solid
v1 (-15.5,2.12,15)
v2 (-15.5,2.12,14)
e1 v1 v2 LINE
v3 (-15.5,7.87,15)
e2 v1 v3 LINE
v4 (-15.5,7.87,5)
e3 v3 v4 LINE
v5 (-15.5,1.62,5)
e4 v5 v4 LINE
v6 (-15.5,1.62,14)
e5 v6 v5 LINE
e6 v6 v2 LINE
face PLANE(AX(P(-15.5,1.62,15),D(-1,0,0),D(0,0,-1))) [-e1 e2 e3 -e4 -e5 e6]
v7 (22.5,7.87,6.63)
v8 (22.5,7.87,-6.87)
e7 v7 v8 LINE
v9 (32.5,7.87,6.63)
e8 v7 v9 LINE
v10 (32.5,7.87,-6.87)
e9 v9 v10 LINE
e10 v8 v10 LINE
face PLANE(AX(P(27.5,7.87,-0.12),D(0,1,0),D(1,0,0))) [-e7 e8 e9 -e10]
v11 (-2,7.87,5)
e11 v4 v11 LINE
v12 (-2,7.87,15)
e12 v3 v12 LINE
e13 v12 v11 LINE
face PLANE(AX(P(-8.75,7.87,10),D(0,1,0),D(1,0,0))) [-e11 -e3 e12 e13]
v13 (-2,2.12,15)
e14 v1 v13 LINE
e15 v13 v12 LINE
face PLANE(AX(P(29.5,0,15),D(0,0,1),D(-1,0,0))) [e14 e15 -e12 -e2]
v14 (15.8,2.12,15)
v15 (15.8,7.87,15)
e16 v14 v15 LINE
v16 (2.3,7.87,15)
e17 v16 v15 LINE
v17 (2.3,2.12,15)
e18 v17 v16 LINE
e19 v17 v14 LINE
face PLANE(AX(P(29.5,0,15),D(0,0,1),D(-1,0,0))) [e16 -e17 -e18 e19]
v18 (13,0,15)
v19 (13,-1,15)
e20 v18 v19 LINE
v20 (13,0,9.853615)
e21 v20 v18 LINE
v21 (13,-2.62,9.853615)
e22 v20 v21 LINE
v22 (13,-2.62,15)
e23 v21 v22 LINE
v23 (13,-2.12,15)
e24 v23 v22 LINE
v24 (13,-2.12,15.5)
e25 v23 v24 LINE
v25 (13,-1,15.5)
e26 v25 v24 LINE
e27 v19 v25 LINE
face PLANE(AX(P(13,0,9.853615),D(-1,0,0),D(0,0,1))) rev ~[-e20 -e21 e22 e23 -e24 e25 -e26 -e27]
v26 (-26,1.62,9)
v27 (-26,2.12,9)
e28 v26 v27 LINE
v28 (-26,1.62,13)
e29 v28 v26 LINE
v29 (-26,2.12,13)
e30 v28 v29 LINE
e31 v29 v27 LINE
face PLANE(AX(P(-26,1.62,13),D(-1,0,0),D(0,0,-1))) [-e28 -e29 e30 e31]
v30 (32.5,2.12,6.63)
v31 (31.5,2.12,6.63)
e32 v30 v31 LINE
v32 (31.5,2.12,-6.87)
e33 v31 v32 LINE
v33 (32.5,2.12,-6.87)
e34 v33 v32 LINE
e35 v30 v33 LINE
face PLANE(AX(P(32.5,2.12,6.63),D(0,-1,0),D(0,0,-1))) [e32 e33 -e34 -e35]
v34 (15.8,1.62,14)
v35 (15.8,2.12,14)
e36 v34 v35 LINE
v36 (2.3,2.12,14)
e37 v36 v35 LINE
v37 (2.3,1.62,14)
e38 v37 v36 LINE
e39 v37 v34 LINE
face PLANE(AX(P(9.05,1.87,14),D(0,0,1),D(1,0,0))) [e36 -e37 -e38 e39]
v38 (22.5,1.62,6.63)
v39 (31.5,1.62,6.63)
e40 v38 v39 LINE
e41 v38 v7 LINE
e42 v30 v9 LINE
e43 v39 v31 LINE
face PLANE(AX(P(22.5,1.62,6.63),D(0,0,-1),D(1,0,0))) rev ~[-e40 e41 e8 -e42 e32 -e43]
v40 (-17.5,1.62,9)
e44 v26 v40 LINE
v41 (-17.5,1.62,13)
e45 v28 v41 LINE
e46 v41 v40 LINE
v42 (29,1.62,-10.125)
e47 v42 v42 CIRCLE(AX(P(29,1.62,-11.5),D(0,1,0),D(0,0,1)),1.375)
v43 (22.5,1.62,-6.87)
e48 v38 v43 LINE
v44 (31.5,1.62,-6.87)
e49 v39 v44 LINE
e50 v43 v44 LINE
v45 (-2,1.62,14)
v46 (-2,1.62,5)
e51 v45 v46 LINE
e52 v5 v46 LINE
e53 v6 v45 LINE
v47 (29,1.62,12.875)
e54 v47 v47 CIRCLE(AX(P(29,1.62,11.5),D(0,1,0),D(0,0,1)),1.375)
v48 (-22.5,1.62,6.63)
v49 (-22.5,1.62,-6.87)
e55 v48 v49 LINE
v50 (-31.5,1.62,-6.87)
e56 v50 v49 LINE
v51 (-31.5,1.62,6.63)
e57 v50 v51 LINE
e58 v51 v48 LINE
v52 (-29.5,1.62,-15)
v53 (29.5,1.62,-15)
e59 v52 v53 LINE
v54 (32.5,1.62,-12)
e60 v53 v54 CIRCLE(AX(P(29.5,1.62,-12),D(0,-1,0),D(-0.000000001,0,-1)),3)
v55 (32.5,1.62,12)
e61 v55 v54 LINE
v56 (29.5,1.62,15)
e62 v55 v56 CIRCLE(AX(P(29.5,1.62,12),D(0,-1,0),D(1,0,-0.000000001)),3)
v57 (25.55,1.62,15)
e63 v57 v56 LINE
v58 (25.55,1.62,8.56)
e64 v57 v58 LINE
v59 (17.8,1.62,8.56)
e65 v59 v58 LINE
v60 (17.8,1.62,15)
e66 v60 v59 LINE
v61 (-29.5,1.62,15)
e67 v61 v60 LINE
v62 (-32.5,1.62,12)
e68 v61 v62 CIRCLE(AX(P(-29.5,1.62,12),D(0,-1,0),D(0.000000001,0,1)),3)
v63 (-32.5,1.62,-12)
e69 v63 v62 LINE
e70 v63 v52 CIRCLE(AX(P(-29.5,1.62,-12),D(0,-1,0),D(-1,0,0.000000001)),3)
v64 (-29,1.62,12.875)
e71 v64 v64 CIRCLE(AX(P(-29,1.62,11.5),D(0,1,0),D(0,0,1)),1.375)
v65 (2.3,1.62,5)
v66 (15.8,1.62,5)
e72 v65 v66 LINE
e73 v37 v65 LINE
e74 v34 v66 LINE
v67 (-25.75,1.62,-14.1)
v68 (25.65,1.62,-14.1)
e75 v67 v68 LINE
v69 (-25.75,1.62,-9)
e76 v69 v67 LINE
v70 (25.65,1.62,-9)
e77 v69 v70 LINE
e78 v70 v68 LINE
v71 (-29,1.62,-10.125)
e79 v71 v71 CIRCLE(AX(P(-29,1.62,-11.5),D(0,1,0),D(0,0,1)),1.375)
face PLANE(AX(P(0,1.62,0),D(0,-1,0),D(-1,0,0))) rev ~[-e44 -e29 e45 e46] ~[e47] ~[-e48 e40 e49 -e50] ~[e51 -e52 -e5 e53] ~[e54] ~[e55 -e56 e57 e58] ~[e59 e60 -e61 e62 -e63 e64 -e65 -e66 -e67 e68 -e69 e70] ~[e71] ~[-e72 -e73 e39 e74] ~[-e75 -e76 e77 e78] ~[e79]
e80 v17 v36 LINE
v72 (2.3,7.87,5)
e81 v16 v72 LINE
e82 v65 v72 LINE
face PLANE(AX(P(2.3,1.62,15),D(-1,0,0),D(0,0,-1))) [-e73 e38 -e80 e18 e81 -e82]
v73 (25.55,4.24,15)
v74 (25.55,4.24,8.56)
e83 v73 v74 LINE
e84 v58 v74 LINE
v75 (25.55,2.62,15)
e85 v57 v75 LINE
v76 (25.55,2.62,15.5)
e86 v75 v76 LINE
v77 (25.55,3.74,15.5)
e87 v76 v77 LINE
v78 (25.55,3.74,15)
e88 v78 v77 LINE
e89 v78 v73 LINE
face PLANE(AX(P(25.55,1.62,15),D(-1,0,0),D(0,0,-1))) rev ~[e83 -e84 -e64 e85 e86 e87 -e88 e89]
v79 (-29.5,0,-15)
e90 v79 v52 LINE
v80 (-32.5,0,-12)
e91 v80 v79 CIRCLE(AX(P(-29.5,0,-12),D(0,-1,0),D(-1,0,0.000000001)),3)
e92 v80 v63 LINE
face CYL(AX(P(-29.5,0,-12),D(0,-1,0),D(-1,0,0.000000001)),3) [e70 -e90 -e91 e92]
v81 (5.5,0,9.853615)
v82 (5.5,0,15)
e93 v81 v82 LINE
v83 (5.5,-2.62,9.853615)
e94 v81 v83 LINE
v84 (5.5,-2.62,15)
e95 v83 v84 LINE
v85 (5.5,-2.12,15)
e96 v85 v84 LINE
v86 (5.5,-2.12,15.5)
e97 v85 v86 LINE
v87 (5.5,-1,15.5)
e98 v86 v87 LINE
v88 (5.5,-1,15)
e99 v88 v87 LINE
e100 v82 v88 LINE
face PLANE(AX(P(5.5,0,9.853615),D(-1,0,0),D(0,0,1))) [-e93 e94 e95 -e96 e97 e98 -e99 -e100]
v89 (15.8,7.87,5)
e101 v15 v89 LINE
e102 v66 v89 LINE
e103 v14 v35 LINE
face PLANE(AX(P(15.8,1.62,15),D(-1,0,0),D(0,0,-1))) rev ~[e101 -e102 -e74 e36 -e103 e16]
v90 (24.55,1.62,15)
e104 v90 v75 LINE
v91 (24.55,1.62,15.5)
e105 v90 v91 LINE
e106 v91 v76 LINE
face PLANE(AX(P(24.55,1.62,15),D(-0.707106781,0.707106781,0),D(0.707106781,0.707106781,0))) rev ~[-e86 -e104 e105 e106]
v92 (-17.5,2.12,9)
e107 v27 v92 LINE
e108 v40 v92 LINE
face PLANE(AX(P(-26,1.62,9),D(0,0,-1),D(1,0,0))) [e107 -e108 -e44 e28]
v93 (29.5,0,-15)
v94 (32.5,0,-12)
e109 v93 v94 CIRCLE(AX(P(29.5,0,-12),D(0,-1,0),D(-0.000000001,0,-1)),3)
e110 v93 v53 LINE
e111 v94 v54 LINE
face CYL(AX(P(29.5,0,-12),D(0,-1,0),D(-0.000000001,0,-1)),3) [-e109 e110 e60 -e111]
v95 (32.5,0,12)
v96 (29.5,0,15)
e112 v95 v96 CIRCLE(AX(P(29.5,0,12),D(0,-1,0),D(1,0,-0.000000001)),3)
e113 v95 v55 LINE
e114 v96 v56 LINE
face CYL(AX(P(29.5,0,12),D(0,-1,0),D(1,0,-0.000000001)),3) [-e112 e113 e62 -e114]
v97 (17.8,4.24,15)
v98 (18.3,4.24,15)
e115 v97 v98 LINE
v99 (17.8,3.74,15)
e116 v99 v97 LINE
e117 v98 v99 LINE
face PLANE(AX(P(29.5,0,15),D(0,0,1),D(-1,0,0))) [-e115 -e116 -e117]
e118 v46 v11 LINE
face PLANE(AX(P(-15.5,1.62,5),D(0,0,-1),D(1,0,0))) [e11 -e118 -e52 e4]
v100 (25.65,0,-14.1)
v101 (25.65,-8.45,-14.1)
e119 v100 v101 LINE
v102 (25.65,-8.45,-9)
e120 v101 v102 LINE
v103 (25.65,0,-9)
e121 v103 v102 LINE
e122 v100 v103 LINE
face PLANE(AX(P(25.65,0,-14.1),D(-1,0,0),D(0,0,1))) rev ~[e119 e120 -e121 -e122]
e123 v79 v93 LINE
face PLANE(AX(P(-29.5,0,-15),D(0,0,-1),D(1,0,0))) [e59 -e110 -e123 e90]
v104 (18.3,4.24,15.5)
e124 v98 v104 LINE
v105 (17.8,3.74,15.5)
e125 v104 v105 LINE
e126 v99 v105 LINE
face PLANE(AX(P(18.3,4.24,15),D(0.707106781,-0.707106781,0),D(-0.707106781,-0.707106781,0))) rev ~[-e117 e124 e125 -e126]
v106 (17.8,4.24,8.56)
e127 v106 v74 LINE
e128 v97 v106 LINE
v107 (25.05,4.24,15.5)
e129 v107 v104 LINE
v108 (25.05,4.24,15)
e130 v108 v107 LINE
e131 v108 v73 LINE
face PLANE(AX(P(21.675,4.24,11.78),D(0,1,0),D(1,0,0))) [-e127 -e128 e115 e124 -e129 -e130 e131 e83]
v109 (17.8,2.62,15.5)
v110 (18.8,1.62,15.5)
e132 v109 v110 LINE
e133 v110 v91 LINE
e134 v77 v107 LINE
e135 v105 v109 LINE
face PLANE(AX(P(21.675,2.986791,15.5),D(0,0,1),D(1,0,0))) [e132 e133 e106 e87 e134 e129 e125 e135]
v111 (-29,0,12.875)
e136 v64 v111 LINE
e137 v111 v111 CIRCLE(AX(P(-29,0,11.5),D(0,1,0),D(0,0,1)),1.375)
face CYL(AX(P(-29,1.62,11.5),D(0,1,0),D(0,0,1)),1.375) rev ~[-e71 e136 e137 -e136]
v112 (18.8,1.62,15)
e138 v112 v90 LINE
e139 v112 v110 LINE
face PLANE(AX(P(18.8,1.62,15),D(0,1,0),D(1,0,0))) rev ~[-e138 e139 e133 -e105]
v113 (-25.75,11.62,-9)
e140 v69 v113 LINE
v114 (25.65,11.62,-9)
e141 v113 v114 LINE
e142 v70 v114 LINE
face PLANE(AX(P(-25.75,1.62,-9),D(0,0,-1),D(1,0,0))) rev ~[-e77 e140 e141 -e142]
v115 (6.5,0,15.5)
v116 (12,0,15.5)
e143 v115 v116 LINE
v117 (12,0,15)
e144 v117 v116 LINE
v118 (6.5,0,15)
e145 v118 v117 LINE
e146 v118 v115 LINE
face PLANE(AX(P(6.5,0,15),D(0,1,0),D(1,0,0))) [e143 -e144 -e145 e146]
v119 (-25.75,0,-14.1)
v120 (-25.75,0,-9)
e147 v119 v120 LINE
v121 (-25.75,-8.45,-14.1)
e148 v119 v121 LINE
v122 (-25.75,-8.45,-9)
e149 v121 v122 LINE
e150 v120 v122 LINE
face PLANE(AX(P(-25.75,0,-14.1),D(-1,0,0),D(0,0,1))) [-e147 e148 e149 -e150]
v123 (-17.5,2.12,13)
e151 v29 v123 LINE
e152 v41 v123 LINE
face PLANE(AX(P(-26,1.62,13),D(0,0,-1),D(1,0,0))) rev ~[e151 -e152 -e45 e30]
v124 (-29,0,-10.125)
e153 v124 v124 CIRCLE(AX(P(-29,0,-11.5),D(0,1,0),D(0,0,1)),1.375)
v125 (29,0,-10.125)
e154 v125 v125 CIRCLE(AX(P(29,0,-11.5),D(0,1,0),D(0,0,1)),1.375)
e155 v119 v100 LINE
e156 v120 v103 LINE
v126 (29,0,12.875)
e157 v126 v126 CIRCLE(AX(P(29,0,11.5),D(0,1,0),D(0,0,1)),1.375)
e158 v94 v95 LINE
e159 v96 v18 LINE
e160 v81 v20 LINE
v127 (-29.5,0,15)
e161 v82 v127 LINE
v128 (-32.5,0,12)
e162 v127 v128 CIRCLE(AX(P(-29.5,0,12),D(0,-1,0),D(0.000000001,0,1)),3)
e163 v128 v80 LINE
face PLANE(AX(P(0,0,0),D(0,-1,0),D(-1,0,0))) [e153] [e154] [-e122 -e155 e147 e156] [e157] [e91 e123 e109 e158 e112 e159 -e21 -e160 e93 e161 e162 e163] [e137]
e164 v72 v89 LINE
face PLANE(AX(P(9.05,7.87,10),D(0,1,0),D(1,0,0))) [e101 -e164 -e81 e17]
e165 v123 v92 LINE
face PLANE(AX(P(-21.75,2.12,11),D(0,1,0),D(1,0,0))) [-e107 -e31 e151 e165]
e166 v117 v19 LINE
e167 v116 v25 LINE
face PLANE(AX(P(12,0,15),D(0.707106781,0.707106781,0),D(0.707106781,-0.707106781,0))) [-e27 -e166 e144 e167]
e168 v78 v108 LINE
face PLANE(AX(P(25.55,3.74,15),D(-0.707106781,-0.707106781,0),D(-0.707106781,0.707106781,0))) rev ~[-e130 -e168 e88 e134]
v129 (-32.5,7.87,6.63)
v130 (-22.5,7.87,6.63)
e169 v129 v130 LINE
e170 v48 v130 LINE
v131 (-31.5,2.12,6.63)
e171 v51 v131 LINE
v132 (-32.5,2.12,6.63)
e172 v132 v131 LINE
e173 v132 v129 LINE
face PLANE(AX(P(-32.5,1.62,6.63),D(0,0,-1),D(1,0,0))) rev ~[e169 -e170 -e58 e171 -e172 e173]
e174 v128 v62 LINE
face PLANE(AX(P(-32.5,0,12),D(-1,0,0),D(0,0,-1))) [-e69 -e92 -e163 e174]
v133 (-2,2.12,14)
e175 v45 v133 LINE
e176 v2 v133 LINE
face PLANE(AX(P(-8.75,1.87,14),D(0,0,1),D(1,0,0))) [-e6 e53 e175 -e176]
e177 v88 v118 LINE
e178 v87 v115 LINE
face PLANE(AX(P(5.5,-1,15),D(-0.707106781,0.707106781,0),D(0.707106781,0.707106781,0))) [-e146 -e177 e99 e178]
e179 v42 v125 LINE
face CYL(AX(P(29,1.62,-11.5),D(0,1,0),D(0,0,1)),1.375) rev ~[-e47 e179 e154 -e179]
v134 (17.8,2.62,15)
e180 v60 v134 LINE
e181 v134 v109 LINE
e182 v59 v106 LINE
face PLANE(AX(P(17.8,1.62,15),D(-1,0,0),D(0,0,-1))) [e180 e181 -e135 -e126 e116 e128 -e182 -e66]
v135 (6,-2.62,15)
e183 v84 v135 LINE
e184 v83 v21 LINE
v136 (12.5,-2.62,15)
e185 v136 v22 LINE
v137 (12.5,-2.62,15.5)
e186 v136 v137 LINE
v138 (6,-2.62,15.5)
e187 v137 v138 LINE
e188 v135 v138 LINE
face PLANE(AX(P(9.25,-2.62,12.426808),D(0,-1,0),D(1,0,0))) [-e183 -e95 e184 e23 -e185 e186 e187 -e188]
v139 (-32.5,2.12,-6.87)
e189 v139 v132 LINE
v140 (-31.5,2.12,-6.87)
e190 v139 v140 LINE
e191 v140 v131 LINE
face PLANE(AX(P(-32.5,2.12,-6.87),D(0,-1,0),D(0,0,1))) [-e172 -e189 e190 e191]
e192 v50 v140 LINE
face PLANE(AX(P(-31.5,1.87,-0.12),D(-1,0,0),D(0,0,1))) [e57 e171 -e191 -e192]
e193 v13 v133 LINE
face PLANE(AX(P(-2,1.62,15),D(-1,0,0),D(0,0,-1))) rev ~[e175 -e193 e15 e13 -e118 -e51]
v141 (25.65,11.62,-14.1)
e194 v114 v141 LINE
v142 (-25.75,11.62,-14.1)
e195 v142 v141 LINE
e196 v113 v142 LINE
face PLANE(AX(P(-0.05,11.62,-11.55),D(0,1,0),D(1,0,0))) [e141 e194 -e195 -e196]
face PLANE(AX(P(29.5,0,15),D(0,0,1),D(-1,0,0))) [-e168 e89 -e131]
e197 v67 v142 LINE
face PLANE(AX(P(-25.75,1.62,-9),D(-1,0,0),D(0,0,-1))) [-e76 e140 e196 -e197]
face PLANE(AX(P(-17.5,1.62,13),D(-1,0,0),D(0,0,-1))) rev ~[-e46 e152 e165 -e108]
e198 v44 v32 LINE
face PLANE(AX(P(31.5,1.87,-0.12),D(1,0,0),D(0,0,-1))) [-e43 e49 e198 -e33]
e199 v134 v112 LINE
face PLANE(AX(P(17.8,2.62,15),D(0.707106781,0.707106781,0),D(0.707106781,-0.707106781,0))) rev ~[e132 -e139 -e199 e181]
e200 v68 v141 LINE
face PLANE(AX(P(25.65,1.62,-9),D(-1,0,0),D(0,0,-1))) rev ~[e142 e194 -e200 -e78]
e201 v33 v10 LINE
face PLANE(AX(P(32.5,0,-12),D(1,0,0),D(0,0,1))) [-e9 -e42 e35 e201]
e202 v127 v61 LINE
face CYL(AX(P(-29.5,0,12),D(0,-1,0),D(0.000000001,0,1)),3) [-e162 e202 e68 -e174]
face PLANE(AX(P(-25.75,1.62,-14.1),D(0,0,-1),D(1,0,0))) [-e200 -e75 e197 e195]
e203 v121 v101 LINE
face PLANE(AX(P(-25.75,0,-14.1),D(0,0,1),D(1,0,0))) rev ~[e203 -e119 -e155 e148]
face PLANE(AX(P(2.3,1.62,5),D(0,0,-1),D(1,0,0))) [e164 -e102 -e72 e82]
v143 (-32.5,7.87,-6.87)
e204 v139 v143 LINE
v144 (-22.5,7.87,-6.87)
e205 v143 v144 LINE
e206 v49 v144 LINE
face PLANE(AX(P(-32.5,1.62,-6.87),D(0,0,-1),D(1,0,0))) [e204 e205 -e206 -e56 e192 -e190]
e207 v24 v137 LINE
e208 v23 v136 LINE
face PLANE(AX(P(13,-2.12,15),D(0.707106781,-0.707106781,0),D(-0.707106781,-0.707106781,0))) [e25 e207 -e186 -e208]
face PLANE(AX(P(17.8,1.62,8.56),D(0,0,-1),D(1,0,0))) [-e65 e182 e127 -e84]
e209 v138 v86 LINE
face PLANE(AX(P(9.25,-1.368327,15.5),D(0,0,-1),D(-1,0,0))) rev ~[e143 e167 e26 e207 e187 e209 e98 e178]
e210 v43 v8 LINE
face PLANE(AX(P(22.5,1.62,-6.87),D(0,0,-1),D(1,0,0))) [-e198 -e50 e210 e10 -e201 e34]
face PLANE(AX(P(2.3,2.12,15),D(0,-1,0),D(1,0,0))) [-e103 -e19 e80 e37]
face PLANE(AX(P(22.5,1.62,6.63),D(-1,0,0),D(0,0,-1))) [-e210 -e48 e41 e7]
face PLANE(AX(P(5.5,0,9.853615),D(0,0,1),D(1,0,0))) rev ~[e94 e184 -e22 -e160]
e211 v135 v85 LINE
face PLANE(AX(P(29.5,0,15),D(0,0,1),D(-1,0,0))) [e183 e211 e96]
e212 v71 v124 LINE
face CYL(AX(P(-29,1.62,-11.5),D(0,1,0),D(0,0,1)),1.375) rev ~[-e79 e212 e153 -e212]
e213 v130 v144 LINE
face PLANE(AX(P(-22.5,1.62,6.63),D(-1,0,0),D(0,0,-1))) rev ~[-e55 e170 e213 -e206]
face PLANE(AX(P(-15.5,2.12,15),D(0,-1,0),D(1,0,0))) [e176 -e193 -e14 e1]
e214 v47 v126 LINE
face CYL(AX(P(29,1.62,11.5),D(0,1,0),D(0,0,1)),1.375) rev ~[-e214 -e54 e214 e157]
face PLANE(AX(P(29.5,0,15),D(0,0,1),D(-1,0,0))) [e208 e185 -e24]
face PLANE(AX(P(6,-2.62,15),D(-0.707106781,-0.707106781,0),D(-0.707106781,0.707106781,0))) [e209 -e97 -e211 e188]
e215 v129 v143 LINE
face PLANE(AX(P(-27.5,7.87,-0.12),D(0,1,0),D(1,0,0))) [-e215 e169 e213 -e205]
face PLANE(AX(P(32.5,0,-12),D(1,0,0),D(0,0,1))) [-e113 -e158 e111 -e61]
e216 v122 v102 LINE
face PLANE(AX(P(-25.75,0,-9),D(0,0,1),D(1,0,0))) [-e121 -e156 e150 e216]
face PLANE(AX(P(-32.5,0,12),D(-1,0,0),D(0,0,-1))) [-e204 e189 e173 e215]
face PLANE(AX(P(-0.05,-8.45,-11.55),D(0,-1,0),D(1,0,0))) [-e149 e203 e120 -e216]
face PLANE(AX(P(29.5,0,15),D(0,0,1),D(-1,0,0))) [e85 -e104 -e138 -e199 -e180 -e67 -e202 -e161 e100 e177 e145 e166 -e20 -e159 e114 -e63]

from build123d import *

# Parameters (mm, degrees)
EXTRUDE_1_DEPTH     = 1.62
CUT_EXTRUDE_1_REACH = 3.62
SKETCH_2_R          = 1.375
SKETCH_11_W         = 51.4
SKETCH_11_H         = 5.1
EXTRUDE_9_DEPTH     = 8.45
SKETCH_12_W         = 51.4
SKETCH_12_H         = 5.1
EXTRUDE_10_DEPTH    = 10
SKETCH_13_W         = 10
SKETCH_13_H         = 13.5
SKETCH_13_W_2       = 13.5
SKETCH_13_H_2       = 10
EXTRUDE_12_DEPTH    = 6.25
SKETCH_14_W         = 13.5
SKETCH_14_H         = 0.5
CUT_EXTRUDE_2_DEPTH = 1
SKETCH_15_W         = 13.5
SKETCH_15_H         = 0.5
CUT_EXTRUDE_3_DEPTH = 1
SKETCH_16_W         = 13.5
SKETCH_16_H         = 0.5
CUT_EXTRUDE_4_DEPTH = 1
SKETCH_17_W         = 7.75
SKETCH_17_H         = 6.44
EXTRUDE_13_DEPTH    = 2.62
EXTRUDE_14_DEPTH    = 0.5
SKETCH_19_W         = 8.5
SKETCH_19_H         = 4
EXTRUDE_15_DEPTH    = 0.5
SKETCH_20_W         = 7.5
SKETCH_20_H         = 5.146384945
EXTRUDE_16_DEPTH    = 2.62
EXTRUDE_17_DEPTH    = 0.5


with BuildPart() as part:
    # 草图1 → 凸台-拉伸1 (new body)
    with BuildSketch(Plane(origin=(0, 0, 0), x_dir=(1, 0, 0), z_dir=(0, 1, 0))):
        with BuildLine():
            Line((-29.5, 15), (29.5, 15))
            ThreePointArc((29.5, 15), (31.621320344, 14.121320344), (32.5, 12))
            Line((32.5, 12), (32.5, -12))
            ThreePointArc((32.5, -12), (31.621320344, -14.121320344), (29.5, -15))
            Line((29.5, -15), (-29.5, -15))
            ThreePointArc((-29.5, -15), (-31.621320344, -14.121320344), (-32.5, -12))
            Line((-32.5, -12), (-32.5, 12))
            ThreePointArc((-32.5, 12), (-31.621320344, 14.121320344), (-29.5, 15))
        make_face()
    extrude(amount=EXTRUDE_1_DEPTH)

    # 草图2 → 切除-拉伸1 (cut, up to next)
    with BuildSketch(Plane(origin=(0, 1.62, 0), x_dir=(1, 0, 0), z_dir=(0, 1, 0)), mode=Mode.PRIVATE) as cut_extrude_1_sk1:
        with Locations(Location((29, -11.5, 0), (0, 0, 270))):  # turned: the seam where the file's is
            Circle(SKETCH_2_R)
    cut_extrude_1_tool1 = extrude(cut_extrude_1_sk1.sketch, amount=-CUT_EXTRUDE_1_REACH, mode=Mode.PRIVATE) & part.part
    add(cut_extrude_1_tool1.solids().sort_by_distance((29, 1.62, 11.5))[0], mode=Mode.SUBTRACT)
    # 草图2 → 切除-拉伸1 (cut, up to next)
    with BuildSketch(Plane(origin=(0, 1.62, 0), x_dir=(1, 0, 0), z_dir=(0, 1, 0)), mode=Mode.PRIVATE) as cut_extrude_1_sk2:
        with Locations(Location((29, 11.5, 0), (0, 0, 270))):  # turned: the seam where the file's is
            Circle(SKETCH_2_R)
    cut_extrude_1_tool2 = extrude(cut_extrude_1_sk2.sketch, amount=-CUT_EXTRUDE_1_REACH, mode=Mode.PRIVATE) & part.part
    add(cut_extrude_1_tool2.solids().sort_by_distance((29, 1.62, -11.5))[0], mode=Mode.SUBTRACT)
    # 草图2 → 切除-拉伸1 (cut, up to next)
    with BuildSketch(Plane(origin=(0, 1.62, 0), x_dir=(1, 0, 0), z_dir=(0, 1, 0)), mode=Mode.PRIVATE) as cut_extrude_1_sk3:
        with Locations(Location((-29, -11.5, 0), (0, 0, 270))):  # turned: the seam where the file's is
            Circle(SKETCH_2_R)
    cut_extrude_1_tool3 = extrude(cut_extrude_1_sk3.sketch, amount=-CUT_EXTRUDE_1_REACH, mode=Mode.PRIVATE) & part.part
    add(cut_extrude_1_tool3.solids().sort_by_distance((-29, 1.62, 11.5))[0], mode=Mode.SUBTRACT)
    # 草图2 → 切除-拉伸1 (cut, up to next)
    with BuildSketch(Plane(origin=(0, 1.62, 0), x_dir=(1, 0, 0), z_dir=(0, 1, 0)), mode=Mode.PRIVATE) as cut_extrude_1_sk4:
        with Locations(Location((-29, 11.5, 0), (0, 0, 270))):  # turned: the seam where the file's is
            Circle(SKETCH_2_R)
    cut_extrude_1_tool4 = extrude(cut_extrude_1_sk4.sketch, amount=-CUT_EXTRUDE_1_REACH, mode=Mode.PRIVATE) & part.part
    add(cut_extrude_1_tool4.solids().sort_by_distance((-29, 1.62, -11.5))[0], mode=Mode.SUBTRACT)

    # 草图11 → 凸台-拉伸9 (add)
    with BuildSketch(Plane.XZ):
        with Locations((-0.05, -11.55)):
            Rectangle(SKETCH_11_W, SKETCH_11_H)
    extrude(amount=EXTRUDE_9_DEPTH)

    # 草图12 → 凸台-拉伸10 (add)
    with BuildSketch(Plane(origin=(0, 1.62, 0), x_dir=(1, 0, 0), z_dir=(0, 1, 0))):
        with Locations((-0.05, 11.55)):
            Rectangle(SKETCH_12_W, SKETCH_12_H)
    extrude(amount=EXTRUDE_10_DEPTH)

    # 草图13 → 凸台-拉伸12 (add)
    with BuildSketch(Plane(origin=(0, 1.62, 0), x_dir=(1, 0, 0), z_dir=(0, 1, 0))):
        with Locations((-27.5, 0.12)):
            Rectangle(SKETCH_13_W, SKETCH_13_H)
        with Locations((27.5, 0.12)):
            Rectangle(SKETCH_13_W, SKETCH_13_H)
        with Locations((-8.75, -10)):
            Rectangle(SKETCH_13_W_2, SKETCH_13_H_2)
        with Locations((9.05, -10)):
            Rectangle(SKETCH_13_W_2, SKETCH_13_H_2)
    extrude(amount=EXTRUDE_12_DEPTH)

    # 草图14 → 切除-拉伸2 (cut)
    with BuildSketch(Plane.XY.offset(15)):
        with Locations((-8.75, 1.87)):
            Rectangle(SKETCH_14_W, SKETCH_14_H)
        with Locations((9.05, 1.87)):
            Rectangle(SKETCH_14_W, SKETCH_14_H)
    extrude(amount=-CUT_EXTRUDE_2_DEPTH, mode=Mode.SUBTRACT)

    # 草图15 → 切除-拉伸3 (cut)
    with BuildSketch(Plane.ZY.offset(32.5)):
        with Locations((-0.12, 1.87)):
            Rectangle(SKETCH_15_W, SKETCH_15_H)
    extrude(amount=-CUT_EXTRUDE_3_DEPTH, mode=Mode.SUBTRACT)

    # 草图16 → 切除-拉伸4 (cut)
    with BuildSketch(Plane(origin=(32.5, 0, 0), x_dir=(0, 0, -1), z_dir=(1, 0, 0))):
        with Locations((0.12, 1.87)):
            Rectangle(SKETCH_16_W, SKETCH_16_H)
    extrude(amount=-CUT_EXTRUDE_4_DEPTH, mode=Mode.SUBTRACT)

    # 草图17 → 凸台-拉伸13 (add)
    with BuildSketch(Plane(origin=(0, 1.62, 0), x_dir=(1, 0, 0), z_dir=(0, 1, 0))):
        with Locations((21.675, -11.78)):
            Rectangle(SKETCH_17_W, SKETCH_17_H)
    extrude(amount=EXTRUDE_13_DEPTH)

    # 草图18 → 凸台-拉伸14 (add)
    with BuildSketch(Plane.XY.offset(15)):
        Polygon((17.8, 2.62), (18.8, 1.62), (24.55, 1.62), (25.55, 2.62), (25.55, 3.74), (25.05, 4.24), (18.3, 4.24), (17.8, 3.74), align=None)
    extrude(amount=EXTRUDE_14_DEPTH)

    # 草图19 → 凸台-拉伸15 (add)
    with BuildSketch(Plane(origin=(0, 1.62, 0), x_dir=(1, 0, 0), z_dir=(0, 1, 0))):
        with Locations((-21.75, -11)):
            Rectangle(SKETCH_19_W, SKETCH_19_H)
    extrude(amount=EXTRUDE_15_DEPTH)

    # 草图20 → 凸台-拉伸16 (add)
    with BuildSketch(Plane.XZ):
        with Locations((9.25, 12.426807528)):
            Rectangle(SKETCH_20_W, SKETCH_20_H)
    extrude(amount=EXTRUDE_16_DEPTH)

    # 草图21 → 凸台-拉伸17 (add)
    with BuildSketch(Plane.XY.offset(15)):
        Polygon((6.5, 0), (12, 0), (13, -1), (13, -2.12), (12.5, -2.62), (6, -2.62), (5.5, -2.12), (5.5, -1), align=None)
    extrude(amount=EXTRUDE_17_DEPTH)


solid = part.part
